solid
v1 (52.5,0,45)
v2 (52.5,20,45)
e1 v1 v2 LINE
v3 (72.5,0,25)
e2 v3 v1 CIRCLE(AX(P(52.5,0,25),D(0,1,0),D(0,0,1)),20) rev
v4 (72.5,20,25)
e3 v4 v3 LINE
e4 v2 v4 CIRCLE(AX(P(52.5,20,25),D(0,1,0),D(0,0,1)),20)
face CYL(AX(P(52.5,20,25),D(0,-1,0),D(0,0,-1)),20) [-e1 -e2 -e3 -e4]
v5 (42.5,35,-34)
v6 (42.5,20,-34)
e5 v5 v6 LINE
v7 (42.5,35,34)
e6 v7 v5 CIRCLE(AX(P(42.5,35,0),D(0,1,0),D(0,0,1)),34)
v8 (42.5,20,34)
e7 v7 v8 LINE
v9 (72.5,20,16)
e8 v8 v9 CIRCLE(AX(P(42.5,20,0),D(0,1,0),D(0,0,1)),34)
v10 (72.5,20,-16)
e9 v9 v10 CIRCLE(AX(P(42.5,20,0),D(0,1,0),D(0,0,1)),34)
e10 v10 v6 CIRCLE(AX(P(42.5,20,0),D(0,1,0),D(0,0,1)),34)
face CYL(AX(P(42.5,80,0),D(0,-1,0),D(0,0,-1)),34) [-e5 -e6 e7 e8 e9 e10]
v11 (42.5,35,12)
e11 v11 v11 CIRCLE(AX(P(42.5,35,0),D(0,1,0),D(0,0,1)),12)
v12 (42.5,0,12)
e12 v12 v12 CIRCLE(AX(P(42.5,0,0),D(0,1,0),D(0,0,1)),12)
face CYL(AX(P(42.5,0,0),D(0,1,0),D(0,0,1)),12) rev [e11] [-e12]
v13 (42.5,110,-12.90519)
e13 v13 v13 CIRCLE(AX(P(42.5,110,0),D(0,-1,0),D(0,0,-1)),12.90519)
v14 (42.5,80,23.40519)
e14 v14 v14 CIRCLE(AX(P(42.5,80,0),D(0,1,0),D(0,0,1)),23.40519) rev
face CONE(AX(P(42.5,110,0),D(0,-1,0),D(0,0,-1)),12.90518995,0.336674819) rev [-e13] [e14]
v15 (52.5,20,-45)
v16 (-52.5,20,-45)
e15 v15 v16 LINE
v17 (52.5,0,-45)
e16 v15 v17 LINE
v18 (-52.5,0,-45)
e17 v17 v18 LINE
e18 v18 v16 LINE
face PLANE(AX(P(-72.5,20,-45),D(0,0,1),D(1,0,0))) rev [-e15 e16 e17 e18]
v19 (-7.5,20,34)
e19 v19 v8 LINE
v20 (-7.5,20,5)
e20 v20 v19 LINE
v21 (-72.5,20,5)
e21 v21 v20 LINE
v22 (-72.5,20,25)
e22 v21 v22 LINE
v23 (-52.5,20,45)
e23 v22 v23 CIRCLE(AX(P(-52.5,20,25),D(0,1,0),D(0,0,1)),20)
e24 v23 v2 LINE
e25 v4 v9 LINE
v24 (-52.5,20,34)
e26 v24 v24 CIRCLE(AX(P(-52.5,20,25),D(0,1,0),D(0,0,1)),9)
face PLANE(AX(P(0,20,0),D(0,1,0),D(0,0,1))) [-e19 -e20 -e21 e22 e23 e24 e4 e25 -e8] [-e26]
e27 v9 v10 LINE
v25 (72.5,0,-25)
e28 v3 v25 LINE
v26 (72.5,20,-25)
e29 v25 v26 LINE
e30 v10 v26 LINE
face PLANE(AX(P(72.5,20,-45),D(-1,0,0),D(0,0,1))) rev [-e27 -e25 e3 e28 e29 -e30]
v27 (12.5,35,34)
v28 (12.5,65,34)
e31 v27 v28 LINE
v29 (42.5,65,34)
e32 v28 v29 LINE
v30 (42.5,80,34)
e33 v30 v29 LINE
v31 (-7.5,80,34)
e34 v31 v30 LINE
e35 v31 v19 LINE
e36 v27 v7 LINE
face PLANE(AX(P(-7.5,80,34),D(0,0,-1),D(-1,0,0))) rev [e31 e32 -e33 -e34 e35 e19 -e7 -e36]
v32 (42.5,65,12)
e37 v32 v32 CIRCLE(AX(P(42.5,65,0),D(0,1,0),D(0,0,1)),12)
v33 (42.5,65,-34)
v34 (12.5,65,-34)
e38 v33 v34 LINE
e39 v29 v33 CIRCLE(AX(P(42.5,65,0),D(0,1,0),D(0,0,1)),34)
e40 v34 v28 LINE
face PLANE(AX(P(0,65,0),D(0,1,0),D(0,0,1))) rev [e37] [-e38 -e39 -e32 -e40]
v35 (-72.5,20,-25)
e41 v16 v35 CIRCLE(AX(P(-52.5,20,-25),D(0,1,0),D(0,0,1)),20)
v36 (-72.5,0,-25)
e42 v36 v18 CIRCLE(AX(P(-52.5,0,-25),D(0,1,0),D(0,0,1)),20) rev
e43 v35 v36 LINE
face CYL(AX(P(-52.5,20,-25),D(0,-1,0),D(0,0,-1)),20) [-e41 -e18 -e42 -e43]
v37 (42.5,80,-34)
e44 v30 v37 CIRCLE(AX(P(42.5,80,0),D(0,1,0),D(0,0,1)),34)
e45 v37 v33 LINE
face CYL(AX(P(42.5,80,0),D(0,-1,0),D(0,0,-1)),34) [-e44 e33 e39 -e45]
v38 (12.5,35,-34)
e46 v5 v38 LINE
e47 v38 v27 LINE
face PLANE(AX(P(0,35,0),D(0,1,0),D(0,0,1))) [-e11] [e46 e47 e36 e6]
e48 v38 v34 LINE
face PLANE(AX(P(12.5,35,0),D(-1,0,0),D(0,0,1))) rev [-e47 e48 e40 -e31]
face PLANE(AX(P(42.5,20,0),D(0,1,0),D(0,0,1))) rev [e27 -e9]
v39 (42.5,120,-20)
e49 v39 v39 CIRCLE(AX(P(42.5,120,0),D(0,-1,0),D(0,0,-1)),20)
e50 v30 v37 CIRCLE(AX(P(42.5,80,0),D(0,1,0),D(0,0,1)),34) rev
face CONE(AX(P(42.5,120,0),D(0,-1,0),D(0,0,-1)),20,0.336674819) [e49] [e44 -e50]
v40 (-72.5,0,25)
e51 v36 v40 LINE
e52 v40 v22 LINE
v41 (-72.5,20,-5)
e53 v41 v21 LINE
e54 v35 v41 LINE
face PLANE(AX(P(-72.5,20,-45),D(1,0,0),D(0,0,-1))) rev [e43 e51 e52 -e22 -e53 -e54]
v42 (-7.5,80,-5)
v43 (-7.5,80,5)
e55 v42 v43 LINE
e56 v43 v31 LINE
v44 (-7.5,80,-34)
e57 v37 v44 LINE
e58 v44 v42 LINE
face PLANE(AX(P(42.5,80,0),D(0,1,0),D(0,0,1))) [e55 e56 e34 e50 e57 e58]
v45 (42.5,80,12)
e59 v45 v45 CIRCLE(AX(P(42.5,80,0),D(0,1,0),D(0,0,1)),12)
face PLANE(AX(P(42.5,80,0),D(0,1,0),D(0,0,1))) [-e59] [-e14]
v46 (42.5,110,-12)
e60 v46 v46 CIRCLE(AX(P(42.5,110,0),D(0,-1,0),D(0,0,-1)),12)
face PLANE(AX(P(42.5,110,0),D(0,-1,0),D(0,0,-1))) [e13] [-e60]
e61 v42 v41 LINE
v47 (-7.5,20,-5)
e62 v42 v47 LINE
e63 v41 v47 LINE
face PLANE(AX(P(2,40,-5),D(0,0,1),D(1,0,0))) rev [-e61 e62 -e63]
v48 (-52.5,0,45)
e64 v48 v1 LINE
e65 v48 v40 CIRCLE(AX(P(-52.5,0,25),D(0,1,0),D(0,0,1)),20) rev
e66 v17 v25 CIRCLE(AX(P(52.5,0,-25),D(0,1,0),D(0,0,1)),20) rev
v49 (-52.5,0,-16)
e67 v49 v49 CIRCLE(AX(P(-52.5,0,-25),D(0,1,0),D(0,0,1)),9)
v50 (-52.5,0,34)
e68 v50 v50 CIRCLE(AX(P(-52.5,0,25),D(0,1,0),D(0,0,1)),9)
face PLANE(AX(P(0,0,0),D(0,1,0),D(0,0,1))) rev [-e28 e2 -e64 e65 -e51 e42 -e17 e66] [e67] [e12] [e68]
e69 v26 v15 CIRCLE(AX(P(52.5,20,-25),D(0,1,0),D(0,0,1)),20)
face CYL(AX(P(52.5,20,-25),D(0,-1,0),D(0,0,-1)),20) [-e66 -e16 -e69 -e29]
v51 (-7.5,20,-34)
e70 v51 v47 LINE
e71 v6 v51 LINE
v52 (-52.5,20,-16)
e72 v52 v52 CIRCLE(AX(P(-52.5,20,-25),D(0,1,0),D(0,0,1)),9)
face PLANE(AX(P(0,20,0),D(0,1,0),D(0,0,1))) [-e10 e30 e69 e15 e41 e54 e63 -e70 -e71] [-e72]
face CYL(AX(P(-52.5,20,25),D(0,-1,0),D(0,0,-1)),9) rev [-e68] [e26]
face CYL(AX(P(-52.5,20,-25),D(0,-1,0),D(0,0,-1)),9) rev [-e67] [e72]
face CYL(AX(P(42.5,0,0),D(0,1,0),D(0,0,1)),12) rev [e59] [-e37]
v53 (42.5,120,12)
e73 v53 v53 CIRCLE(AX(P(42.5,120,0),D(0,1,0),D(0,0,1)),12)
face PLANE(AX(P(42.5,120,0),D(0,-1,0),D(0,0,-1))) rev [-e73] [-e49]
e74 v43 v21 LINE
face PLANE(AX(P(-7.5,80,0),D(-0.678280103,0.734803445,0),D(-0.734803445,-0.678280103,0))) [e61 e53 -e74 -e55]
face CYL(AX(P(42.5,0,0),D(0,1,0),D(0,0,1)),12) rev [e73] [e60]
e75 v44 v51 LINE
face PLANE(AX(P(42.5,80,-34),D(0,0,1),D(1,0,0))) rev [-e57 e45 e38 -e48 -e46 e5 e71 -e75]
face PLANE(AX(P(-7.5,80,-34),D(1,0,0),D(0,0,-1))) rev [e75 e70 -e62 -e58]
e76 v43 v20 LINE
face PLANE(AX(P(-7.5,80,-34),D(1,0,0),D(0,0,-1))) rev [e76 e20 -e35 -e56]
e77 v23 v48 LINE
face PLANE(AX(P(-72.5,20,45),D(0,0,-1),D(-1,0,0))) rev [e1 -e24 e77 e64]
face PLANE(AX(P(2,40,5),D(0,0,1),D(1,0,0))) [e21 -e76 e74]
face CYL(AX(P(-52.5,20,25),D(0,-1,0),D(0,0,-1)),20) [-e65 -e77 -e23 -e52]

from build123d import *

# Parameters (mm, degrees)
SKETCH1_W           = 145
SKETCH1_H           = 90
SKETCH1_R           = 9
BOSS_EXTRUDE1_DEPTH = 20
FILLET2_R           = 20
BOSS_EXTRUDE3_DEPTH = 60
CUT_EXTRUDE1_START  = -45
CUT_EXTRUDE1_DEPTH  = 30
RIB4_REACH          = 121.487
SKETCH8_WALL_W      = 329.433924144
SKETCH8_WALL_H      = 10
SKETCH18_R          = 12
CUT_EXTRUDE2_DEPTH  = 150.255653159


with BuildPart() as part:
    # Sketch1 → Boss-Extrude1 (new body)
    with BuildSketch(Plane(origin=(0, 0, 0), x_dir=(1, 0, 0), z_dir=(0, 1, 0))):
        Rectangle(SKETCH1_W, SKETCH1_H)
        with Locations(Location((-52.5, 25, 0), (0, 0, 270))):
            Circle(SKETCH1_R, mode=Mode.SUBTRACT)
        with Locations(Location((-52.5, -25, 0), (0, 0, 270))):
            Circle(SKETCH1_R, mode=Mode.SUBTRACT)
    extrude(amount=BOSS_EXTRUDE1_DEPTH)

    # Fillet2
    fillet2_edges = [part.edges().sort_by_distance(p)[0] for p in [
        (72.5, 10, 45),
        (-72.5, 10, 45),
        (-72.5, 10, -45),
        (72.5, 10, -45),
    ]]
    fillet(fillet2_edges, radius=FILLET2_R)

    # Sketch2 → Boss-Extrude3 (add)
    with BuildSketch(Plane(origin=(0, 20, 0), x_dir=(1, 0, 0), z_dir=(0, 1, 0))):
        with BuildLine():
            Line((-7.5, 34), (-7.5, -34))
            Line((-7.5, -34), (42.5, -34))
            ThreePointArc((42.5, -34), (76.5, 0), (42.5, 34))
            Line((42.5, 34), (-7.5, 34))
        make_face()
    extrude(amount=BOSS_EXTRUDE3_DEPTH)

    # Sketch3 → Cut-Extrude1 (cut)
    with BuildSketch(Plane(origin=(0, 80, 0), x_dir=(1, 0, 0), z_dir=(0, 1, 0)).offset(CUT_EXTRUDE1_START)):
        with BuildLine():
            Line((42.5, 34), (12.5, 34))
            Line((12.5, 34), (12.5, -34))
            Line((12.5, -34), (42.5, -34))
            ThreePointArc((42.5, -34), (76.5, 0), (42.5, 34))
        make_face()
    extrude(amount=CUT_EXTRUDE1_DEPTH, mode=Mode.SUBTRACT)

    # Sketch8 wall → Rib4 (add, up to next)
    with BuildSketch(Plane(origin=(-40, 50, 0), x_dir=(-0.734803444627, -0.678280102733, 0), z_dir=(0.678280102733, -0.734803444627, 0)), mode=Mode.PRIVATE) as rib4_sk1:
        Rectangle(SKETCH8_WALL_W, SKETCH8_WALL_H)
    rib4_tool1 = extrude(rib4_sk1.sketch, amount=RIB4_REACH, mode=Mode.PRIVATE) - part.part
    add(rib4_tool1.solids().sort_by_distance((-40, 50, 0))[0])

    # Sketch17 → Revolve-Thin1 (revolve)
    with BuildSketch(Plane(origin=(42.5, 0, 0), x_dir=(0, 0, -1), z_dir=(1, 0, 0))):
        Polygon((0, 80), (0, 120), (20, 120), (34, 80), (24.561416436, 76.696495753), (12.90518995, 110), (10, 110), (10, 80), align=None)
    revolve(axis=Axis((42.5, 80, 0), (0, 1, 0)))

    # Sketch18 → Cut-Extrude2 (cut, through all)
    with BuildSketch(Plane(origin=(0, 120, 0), x_dir=(1, 0, 0), z_dir=(0, 1, 0))):
        with Locations(Location((42.5, 0, 0), (0, 0, 270))):
            Circle(SKETCH18_R)
    extrude(amount=-CUT_EXTRUDE2_DEPTH, mode=Mode.SUBTRACT)


solid = part.part
